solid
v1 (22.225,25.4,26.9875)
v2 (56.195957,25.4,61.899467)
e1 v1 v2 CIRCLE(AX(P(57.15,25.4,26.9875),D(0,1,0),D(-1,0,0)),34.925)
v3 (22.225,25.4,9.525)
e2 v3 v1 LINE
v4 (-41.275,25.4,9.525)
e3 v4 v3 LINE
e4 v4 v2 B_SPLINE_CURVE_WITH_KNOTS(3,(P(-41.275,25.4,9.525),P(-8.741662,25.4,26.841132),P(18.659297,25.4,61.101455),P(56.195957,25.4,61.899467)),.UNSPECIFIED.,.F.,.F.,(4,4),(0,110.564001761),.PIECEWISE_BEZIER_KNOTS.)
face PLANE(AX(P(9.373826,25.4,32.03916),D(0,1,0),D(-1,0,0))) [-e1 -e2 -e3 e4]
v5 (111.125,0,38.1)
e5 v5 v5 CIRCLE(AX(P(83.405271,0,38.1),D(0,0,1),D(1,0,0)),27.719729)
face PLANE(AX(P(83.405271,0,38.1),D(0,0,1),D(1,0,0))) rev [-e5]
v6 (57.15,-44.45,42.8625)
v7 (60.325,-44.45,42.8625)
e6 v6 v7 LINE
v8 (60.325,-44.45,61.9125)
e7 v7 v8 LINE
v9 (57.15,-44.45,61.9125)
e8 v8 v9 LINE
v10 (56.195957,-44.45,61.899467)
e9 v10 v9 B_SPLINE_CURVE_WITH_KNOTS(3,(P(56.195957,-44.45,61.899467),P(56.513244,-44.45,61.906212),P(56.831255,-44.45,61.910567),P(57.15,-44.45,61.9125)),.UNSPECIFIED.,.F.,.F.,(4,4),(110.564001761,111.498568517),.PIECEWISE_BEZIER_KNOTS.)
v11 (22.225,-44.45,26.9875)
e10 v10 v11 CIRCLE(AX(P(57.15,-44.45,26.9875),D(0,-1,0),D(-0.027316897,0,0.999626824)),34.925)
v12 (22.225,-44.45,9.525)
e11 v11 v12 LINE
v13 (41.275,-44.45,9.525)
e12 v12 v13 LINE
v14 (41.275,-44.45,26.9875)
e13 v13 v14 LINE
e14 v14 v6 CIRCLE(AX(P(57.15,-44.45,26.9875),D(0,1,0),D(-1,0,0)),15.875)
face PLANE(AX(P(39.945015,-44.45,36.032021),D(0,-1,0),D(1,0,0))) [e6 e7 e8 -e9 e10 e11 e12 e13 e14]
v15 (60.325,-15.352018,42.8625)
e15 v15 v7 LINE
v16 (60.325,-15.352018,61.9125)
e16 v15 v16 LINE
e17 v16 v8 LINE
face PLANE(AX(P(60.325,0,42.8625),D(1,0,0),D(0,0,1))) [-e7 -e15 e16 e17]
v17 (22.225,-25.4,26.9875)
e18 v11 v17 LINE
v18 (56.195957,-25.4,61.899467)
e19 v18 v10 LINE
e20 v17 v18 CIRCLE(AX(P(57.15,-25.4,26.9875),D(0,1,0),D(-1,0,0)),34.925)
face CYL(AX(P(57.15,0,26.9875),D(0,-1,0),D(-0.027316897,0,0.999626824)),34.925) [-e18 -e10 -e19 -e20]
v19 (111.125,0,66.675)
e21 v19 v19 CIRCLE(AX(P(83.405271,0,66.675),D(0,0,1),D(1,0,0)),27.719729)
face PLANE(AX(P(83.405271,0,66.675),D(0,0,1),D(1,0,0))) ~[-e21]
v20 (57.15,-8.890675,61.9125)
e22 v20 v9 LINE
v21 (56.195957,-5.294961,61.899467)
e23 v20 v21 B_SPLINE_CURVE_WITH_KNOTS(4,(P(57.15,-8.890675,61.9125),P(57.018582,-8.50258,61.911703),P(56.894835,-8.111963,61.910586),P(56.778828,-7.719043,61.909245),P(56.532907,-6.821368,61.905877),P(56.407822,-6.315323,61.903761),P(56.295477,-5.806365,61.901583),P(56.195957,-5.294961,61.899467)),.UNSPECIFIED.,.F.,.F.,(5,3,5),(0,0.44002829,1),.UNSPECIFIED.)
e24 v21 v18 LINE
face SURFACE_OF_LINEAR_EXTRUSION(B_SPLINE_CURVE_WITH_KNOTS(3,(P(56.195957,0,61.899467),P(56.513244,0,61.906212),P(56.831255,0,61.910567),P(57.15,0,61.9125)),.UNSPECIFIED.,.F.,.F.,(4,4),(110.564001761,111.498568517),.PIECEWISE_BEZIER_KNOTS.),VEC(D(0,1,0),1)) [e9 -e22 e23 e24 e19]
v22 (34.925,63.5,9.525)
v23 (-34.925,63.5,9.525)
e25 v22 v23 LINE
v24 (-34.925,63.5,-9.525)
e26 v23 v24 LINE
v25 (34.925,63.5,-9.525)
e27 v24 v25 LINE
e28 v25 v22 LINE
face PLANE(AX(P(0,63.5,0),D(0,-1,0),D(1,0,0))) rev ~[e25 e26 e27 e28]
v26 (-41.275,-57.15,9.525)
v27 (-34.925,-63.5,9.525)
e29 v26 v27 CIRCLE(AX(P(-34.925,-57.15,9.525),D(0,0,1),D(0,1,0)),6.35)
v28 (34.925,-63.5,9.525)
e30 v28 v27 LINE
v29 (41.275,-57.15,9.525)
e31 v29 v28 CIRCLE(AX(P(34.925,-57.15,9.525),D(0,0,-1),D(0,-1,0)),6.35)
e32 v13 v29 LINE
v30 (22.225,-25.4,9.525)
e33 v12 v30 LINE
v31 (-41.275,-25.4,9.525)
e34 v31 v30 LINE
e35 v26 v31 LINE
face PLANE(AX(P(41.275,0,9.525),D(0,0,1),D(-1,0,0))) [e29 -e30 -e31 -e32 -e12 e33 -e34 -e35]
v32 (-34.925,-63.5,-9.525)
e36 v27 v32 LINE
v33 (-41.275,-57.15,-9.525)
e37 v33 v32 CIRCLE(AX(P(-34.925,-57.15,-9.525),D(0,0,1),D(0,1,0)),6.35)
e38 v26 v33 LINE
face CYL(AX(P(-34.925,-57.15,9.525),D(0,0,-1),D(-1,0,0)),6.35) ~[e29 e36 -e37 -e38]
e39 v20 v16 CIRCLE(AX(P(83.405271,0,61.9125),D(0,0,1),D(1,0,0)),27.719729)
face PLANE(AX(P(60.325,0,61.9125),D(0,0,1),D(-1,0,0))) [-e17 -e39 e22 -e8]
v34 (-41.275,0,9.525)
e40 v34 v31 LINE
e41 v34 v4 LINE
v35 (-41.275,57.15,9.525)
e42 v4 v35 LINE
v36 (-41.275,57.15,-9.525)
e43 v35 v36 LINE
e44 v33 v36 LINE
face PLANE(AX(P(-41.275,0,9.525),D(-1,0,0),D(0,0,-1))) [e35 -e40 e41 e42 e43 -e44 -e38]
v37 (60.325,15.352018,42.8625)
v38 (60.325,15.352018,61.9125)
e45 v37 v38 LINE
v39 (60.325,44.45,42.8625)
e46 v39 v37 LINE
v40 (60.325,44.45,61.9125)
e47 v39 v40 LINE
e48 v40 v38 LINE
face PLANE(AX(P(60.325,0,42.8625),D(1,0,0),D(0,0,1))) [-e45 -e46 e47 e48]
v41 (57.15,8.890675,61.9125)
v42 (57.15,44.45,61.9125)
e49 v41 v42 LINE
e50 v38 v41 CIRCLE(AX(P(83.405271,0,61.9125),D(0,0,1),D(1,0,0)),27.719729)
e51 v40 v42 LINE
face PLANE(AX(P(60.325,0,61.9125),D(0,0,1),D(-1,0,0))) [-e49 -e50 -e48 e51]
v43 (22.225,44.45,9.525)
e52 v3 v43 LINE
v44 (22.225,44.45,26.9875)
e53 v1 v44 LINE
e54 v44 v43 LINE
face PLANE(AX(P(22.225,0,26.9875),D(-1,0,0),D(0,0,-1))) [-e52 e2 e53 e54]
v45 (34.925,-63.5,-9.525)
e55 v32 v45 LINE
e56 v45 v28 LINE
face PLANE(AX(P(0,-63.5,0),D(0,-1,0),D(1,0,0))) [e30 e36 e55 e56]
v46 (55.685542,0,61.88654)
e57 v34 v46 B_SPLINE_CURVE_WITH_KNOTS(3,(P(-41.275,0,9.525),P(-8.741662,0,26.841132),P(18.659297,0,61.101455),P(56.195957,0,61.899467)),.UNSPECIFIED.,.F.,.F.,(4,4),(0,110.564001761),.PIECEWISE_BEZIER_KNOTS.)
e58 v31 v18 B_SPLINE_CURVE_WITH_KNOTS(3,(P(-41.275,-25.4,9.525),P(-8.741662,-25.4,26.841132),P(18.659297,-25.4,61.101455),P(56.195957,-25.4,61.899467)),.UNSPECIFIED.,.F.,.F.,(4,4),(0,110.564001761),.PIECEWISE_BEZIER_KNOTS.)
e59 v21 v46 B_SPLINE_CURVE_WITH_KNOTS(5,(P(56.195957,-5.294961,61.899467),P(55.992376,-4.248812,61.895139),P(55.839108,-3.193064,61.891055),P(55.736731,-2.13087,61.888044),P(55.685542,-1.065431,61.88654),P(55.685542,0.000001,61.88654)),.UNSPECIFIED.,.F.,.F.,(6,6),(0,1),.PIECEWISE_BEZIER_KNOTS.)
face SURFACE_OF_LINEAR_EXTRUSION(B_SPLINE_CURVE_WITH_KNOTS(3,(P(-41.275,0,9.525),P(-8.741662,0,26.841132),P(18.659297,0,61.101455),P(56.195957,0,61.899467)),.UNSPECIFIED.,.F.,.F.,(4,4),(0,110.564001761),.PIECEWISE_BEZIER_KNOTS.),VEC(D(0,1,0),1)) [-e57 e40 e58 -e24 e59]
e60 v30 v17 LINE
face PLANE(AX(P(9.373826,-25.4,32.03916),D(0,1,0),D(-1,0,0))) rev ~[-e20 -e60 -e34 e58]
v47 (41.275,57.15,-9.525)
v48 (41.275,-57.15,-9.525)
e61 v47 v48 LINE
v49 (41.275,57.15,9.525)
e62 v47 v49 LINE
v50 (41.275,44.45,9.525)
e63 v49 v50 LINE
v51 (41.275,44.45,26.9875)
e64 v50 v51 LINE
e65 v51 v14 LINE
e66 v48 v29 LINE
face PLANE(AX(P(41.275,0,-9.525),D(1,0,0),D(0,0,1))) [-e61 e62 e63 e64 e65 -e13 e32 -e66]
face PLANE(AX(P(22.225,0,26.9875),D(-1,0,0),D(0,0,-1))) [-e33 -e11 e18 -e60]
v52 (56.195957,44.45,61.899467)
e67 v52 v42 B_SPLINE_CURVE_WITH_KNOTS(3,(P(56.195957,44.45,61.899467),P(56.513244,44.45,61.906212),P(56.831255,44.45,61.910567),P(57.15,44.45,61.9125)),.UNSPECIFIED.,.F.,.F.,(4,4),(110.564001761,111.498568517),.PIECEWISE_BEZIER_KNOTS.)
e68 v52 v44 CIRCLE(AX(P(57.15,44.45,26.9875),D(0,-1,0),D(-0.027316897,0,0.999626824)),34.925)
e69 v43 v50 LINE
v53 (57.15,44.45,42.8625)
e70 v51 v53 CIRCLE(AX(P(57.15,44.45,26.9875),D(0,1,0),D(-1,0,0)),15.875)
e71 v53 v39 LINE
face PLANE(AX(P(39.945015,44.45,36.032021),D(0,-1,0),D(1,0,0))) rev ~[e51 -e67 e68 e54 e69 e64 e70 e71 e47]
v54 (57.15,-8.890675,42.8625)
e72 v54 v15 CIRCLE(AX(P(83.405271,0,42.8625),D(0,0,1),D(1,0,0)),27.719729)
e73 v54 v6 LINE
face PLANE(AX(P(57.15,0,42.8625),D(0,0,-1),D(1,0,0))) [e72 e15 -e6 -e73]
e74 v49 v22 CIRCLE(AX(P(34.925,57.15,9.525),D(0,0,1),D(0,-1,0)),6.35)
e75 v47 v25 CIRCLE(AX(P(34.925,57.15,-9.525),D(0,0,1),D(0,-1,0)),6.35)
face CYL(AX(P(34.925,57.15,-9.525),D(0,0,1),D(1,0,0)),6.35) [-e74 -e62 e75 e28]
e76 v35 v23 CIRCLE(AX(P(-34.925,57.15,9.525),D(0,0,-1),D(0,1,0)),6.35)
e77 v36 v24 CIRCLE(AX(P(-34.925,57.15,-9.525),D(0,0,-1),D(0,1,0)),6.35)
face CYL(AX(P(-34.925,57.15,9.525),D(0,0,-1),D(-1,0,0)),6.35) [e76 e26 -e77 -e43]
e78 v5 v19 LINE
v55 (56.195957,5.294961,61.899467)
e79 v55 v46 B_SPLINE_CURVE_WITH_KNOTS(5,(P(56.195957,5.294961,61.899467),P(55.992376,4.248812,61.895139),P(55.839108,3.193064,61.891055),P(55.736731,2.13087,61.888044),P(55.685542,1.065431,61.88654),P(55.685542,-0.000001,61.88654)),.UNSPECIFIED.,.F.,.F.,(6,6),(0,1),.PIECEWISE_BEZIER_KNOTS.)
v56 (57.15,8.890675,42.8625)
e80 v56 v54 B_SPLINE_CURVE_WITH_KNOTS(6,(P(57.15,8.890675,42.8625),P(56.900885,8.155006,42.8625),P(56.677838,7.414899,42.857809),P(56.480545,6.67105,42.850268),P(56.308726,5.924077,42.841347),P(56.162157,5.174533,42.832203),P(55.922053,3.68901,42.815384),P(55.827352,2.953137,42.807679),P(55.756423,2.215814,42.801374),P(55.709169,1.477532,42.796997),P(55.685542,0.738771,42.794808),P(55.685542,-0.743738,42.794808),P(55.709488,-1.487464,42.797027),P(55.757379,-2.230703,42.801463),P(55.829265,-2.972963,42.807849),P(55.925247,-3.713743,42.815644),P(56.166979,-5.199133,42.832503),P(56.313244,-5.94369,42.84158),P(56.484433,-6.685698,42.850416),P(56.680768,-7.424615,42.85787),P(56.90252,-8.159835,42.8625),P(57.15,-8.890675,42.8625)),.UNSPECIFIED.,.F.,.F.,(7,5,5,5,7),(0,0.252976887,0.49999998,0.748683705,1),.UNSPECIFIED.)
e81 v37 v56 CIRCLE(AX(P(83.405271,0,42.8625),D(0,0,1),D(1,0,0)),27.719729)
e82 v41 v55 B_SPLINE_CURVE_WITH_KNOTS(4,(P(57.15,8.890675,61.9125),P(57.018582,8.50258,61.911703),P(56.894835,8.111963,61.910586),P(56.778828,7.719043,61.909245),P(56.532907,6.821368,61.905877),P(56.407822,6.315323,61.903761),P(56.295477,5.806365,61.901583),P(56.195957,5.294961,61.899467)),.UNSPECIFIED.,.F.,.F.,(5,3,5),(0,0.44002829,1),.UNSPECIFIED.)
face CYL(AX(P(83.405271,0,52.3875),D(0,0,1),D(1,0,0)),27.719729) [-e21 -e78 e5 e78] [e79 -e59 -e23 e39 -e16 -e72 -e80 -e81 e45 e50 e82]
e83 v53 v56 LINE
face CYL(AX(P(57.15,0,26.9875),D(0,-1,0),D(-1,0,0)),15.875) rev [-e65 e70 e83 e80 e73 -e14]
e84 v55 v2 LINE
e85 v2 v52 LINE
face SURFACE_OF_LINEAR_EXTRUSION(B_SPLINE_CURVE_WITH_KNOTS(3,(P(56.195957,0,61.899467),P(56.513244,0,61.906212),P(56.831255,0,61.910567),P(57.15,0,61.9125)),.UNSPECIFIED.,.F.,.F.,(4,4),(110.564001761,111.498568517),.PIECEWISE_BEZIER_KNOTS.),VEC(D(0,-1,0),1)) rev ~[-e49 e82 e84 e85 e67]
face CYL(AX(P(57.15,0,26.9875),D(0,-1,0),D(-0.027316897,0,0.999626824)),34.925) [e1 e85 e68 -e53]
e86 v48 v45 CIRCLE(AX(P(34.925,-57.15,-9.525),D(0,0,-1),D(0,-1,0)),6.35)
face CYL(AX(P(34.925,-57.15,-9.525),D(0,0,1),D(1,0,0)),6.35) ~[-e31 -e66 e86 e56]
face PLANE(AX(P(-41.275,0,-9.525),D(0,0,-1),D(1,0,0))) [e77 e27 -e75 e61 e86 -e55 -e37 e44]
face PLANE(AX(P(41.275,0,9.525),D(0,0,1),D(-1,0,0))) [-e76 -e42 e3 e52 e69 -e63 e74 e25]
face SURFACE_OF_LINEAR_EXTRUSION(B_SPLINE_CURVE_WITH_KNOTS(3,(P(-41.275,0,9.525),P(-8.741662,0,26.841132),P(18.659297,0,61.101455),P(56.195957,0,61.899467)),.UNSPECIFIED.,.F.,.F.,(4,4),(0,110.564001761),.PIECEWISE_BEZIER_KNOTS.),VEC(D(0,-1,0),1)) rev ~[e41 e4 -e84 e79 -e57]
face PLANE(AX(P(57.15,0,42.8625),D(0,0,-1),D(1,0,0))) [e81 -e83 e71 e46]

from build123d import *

# Parameters (mm, degrees)
F1_DEPTH = 63.5
F2_DEPTH = 25.4
F3_DEPTH = 44.45
F0_W     = 27.7197288275
F0_H     = 28.575
F5_R     = 6.35


with BuildPart() as f1:
    # F0 (on Front) → F1 (new body, symmetric)
    with BuildSketch(Plane.XZ):
        Polygon((-41.275, -9.525), (41.275, -9.525), (41.275, 9.525), (22.225, 9.525), (-41.275, 9.525), align=None)
    extrude(amount=F1_DEPTH, both=True)

    # F0 (on Front) → F2 (join, symmetric)
    with BuildSketch(Plane.XZ):
        with BuildLine():
            add(Edge.make_bspline(
                [(-41.275, 9.525), (-8.7416619248, 26.8411315561), (18.6592967194, 61.1014551348), (56.1959573796, 61.8994668263)],
                knots=[0, 0, 0, 0, 110.5640017612, 110.5640017612, 110.5640017612, 110.5640017612], degree=3))
            Line((-41.275, 9.525), (22.225, 9.525))
            Line((22.225, 9.525), (22.225, 26.9875))
            ThreePointArc((22.225, 26.9875), (32.1192632598, 51.3435637879), (56.1959573796, 61.8994668263))
        make_face()
    extrude(amount=F2_DEPTH, both=True)

    # F0 (on Front) → F3 (join, symmetric)
    with BuildSketch(Plane.XZ):
        with BuildLine():
            Line((22.225, 9.525), (41.275, 9.525))
            Line((41.275, 9.525), (41.275, 26.9875))
            ThreePointArc((41.275, 26.9875), (45.9246798487, 38.2128201513), (57.15, 42.8625))
            Line((57.15, 42.8625), (60.325, 42.8625))
            Line((60.325, 42.8625), (60.325, 61.9125))
            Line((60.325, 61.9125), (57.15, 61.9125))
            add(Edge.make_bspline(
                [(56.1959573796, 61.8994668263), (56.513244332, 61.9062121971), (56.8312554651, 61.9105667358), (57.15, 61.9125)],
                knots=[110.5640017612, 110.5640017612, 110.5640017612, 110.5640017612, 111.4985685166, 111.4985685166, 111.4985685166, 111.4985685166], degree=3))
            ThreePointArc((56.1959573796, 61.8994668263), (32.1192632598, 51.3435637879), (22.225, 26.9875))
            Line((22.225, 26.9875), (22.225, 9.525))
        make_face()
    extrude(amount=F3_DEPTH, both=True)

    # F0 (on Front) → F4 (revolve)
    with BuildSketch(Plane.XZ):
        with Locations((97.2651355863, 52.3875)):
            Rectangle(F0_W, F0_H)
    revolve(axis=Axis((83.4052711725, 0, 52.3875), (0, 0, 1)))

    # F5
    f5_edges = [f1.edges().sort_by_distance(p)[0] for p in [
        (41.275, -63.5, 0),
        (-41.275, -63.5, 0),
        (-41.275, 63.5, 0),
        (41.275, 63.5, 0),
    ]]
    fillet(f5_edges, radius=F5_R)


solid = f1.part
